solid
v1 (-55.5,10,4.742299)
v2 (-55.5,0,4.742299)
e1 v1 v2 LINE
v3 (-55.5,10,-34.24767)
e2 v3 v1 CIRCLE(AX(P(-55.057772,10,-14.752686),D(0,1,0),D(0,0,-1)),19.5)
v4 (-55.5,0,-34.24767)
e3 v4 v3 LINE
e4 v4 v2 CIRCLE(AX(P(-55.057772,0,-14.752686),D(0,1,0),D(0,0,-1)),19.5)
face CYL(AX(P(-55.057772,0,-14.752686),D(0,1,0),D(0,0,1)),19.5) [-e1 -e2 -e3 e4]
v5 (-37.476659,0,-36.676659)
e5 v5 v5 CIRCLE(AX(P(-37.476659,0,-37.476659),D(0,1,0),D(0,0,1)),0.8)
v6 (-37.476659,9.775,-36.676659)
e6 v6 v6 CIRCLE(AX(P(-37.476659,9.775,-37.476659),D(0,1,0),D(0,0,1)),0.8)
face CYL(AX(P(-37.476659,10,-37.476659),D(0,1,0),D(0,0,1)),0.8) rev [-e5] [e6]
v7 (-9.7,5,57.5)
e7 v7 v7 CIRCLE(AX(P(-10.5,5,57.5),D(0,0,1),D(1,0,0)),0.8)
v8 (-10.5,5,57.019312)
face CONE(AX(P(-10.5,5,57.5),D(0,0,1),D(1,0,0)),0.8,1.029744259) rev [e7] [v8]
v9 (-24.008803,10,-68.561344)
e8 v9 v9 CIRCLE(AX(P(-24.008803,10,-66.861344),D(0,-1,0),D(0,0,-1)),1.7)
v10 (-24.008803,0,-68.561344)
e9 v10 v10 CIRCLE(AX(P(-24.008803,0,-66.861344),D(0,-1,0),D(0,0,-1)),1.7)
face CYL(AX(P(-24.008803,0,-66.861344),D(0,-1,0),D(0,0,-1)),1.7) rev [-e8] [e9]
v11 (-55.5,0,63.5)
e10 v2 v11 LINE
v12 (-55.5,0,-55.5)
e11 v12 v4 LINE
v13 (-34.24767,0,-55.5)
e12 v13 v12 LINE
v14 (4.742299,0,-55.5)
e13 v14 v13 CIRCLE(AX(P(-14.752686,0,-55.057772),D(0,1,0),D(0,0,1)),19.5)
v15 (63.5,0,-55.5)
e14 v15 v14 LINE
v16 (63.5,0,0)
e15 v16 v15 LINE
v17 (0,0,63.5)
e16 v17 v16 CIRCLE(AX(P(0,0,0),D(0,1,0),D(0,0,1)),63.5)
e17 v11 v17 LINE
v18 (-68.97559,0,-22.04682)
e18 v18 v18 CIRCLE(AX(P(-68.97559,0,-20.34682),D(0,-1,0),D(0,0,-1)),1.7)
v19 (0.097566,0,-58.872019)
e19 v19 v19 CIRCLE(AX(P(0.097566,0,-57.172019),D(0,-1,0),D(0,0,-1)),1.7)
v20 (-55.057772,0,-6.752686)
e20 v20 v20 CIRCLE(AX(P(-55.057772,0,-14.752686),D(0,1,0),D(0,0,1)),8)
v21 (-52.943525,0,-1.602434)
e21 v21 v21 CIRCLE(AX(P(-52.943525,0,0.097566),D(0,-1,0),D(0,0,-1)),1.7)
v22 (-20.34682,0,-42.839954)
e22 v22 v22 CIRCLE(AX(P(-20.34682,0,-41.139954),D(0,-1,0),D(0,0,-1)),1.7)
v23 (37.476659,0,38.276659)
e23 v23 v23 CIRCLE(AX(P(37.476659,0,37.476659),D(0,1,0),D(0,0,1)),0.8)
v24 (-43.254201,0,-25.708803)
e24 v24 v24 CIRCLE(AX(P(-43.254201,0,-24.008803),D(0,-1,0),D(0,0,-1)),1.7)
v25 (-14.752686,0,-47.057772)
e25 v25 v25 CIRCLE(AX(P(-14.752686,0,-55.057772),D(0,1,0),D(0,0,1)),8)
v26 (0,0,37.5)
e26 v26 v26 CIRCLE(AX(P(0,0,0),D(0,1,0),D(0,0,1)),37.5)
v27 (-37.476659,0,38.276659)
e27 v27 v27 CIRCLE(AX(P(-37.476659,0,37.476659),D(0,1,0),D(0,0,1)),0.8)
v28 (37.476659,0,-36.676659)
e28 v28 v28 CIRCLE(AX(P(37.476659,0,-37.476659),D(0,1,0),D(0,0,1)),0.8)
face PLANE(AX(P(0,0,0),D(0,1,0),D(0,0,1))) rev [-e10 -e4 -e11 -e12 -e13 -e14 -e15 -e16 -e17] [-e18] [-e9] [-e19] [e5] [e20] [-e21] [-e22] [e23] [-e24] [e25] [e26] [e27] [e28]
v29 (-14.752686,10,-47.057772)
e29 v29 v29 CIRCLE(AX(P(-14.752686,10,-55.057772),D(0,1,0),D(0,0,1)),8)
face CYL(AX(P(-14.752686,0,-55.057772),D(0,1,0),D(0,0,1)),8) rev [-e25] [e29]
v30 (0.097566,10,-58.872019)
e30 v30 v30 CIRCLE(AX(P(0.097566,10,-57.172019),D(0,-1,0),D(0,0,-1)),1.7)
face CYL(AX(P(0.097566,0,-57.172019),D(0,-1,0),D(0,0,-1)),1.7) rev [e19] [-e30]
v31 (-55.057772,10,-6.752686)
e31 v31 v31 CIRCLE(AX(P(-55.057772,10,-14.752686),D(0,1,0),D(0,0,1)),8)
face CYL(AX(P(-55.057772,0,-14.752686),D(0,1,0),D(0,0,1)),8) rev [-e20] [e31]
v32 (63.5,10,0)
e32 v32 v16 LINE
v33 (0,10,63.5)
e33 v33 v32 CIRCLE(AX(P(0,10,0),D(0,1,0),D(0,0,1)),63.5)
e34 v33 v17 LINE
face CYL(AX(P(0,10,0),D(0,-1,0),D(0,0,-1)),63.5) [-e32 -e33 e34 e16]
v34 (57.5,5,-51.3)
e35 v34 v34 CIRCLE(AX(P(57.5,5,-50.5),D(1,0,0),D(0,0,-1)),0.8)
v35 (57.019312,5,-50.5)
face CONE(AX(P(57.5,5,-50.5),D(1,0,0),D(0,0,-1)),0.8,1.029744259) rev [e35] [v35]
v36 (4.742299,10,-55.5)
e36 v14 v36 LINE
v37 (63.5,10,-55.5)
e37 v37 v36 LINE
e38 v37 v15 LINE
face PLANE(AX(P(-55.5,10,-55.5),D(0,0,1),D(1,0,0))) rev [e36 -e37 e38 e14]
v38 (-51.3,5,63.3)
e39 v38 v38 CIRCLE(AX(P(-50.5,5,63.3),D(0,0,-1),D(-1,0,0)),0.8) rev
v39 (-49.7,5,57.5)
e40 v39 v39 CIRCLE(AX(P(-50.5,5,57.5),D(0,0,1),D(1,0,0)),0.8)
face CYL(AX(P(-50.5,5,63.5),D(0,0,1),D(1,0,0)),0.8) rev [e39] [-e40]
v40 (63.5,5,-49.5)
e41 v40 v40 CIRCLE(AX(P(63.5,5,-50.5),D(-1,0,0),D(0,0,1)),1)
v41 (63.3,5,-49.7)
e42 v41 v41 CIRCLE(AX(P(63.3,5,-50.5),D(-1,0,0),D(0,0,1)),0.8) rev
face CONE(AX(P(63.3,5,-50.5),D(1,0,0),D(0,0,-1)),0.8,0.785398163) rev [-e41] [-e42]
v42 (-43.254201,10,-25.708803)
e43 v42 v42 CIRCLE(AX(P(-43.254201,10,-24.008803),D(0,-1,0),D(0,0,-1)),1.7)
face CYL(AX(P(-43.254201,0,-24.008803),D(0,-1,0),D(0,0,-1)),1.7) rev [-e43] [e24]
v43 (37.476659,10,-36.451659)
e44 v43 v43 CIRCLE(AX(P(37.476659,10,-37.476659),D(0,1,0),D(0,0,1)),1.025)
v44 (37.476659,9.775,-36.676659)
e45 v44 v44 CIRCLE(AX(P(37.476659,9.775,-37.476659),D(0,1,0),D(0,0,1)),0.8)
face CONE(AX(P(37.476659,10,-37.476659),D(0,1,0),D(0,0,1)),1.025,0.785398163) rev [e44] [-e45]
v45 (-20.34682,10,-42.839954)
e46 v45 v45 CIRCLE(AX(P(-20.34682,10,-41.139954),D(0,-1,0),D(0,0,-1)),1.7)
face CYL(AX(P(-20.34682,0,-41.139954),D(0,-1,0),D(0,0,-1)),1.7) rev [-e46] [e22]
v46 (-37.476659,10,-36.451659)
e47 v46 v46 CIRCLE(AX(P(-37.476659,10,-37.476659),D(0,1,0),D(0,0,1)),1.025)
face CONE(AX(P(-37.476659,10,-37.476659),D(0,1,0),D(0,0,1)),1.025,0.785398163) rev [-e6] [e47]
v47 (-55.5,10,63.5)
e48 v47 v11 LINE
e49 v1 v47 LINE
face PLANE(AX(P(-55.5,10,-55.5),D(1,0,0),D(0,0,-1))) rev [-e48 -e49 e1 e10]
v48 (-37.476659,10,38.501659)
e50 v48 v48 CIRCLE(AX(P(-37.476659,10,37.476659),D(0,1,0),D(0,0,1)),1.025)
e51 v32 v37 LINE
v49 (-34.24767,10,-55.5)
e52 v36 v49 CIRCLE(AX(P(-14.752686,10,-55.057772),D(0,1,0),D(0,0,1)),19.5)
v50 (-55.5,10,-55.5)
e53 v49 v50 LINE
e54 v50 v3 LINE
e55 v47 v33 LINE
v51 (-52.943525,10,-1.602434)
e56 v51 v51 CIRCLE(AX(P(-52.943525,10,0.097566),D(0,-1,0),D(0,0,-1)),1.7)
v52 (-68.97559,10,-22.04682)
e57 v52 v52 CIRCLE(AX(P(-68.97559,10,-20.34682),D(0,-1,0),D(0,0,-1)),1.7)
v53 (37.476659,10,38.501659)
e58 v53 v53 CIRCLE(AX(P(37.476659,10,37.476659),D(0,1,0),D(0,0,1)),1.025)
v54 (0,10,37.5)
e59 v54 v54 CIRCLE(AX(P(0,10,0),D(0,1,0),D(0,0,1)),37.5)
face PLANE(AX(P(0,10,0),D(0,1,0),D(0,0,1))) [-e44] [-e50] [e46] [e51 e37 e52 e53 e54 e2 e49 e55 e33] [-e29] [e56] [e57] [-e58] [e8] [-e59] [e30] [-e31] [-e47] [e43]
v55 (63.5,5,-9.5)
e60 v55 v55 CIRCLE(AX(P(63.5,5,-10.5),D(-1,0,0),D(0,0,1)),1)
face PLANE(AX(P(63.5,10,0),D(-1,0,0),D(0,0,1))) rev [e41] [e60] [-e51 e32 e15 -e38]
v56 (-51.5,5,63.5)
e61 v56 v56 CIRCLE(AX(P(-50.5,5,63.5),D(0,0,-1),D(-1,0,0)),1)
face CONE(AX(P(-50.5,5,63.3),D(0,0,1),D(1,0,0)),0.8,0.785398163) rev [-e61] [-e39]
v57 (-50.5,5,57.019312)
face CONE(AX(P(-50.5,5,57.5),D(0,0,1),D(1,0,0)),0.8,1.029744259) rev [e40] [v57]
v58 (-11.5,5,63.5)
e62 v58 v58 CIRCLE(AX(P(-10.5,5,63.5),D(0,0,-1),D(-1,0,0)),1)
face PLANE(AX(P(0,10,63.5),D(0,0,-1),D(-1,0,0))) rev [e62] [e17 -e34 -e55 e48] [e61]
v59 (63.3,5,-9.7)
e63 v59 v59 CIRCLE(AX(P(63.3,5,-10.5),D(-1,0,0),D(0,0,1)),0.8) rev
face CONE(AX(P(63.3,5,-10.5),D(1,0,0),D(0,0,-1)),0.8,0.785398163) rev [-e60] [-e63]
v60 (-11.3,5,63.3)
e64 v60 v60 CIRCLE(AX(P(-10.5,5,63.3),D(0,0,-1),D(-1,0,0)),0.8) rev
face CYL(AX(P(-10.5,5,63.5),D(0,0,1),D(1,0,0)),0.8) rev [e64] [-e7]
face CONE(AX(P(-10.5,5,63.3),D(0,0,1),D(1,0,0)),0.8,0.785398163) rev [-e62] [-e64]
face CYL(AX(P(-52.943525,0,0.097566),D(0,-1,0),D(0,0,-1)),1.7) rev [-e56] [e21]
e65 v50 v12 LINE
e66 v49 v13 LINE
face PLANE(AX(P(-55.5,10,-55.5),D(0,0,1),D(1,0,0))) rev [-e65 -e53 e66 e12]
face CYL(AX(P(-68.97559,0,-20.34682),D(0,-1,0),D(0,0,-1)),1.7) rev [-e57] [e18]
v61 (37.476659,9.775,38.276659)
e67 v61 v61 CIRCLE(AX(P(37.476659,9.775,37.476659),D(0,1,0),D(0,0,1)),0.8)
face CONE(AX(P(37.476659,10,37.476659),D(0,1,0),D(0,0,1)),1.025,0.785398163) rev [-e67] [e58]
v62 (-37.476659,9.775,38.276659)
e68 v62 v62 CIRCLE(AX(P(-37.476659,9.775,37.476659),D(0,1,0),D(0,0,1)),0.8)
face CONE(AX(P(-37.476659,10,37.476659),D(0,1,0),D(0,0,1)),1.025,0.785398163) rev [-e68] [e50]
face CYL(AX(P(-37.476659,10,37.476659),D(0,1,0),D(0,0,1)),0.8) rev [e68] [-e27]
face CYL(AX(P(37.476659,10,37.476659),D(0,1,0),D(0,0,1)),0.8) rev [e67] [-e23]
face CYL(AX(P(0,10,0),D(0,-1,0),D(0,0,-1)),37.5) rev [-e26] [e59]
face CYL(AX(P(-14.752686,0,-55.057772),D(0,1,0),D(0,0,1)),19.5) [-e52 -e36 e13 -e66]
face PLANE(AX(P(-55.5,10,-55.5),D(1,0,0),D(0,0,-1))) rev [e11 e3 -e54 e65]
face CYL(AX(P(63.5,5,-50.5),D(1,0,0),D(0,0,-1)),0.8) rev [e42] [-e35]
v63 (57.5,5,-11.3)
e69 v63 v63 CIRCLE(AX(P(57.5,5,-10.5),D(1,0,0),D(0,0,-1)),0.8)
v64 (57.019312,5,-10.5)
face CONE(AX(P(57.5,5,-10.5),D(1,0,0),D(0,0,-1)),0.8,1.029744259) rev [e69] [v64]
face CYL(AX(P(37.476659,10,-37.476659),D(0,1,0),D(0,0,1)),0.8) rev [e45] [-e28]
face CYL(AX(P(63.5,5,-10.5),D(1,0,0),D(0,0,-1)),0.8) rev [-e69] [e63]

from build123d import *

# Parameters (mm, degrees)
SKETCH1_R                           = 37.5
BOSS_EXTRUDE1_DEPTH                 = 10
M2X0_4_TAPPED_HOLE2_D               = 1.6
M2X0_4_TAPPED_HOLE2_CSINK_D         = 2.05
M2X0_4_TAPPED_HOLE2_CSINK_ANGLE     = 90
M2X0_4_TAPPED_HOLE1_D               = 1.6
M2X0_4_TAPPED_HOLE1_DEPTH           = 6
M2X0_4_TAPPED_HOLE1_TIP             = 0.480688495
M2X0_4_TAPPED_HOLE1_ON_FACE_2_D     = 1.6
M2X0_4_TAPPED_HOLE1_ON_FACE_2_DEPTH = 6
M2X0_4_TAPPED_HOLE1_ON_FACE_2_TIP   = 0.480688495
CHAMFER1_SIZE                       = 0.2
SKETCH11_R                          = 19.5
BOSS_EXTRUDE2_DEPTH                 = 10
SKETCH12_R                          = 8
CUT_EXTRUDE1_DEPTH                  = 106.913751518
M3_CLEARANCE_HOLE1_D                = 3.4


with BuildPart() as part:
    # Sketch1 → Boss-Extrude1 (new body)
    with BuildSketch(Plane(origin=(0, 0, 0), x_dir=(1, 0, 0), z_dir=(0, 1, 0))):
        with BuildLine():
            Line((-55.5, 55.5), (63.5, 55.5))
            Line((63.5, 55.5), (63.5, 0))
            ThreePointArc((63.5, 0), (44.901280605, -44.901280605), (0, -63.5))
            Line((0, -63.5), (-55.5, -63.5))
            Line((-55.5, -63.5), (-55.5, 55.5))
        make_face()
        with Locations(Location((0, 0, 0), (0, 0, 270))):
            Circle(SKETCH1_R, mode=Mode.SUBTRACT)
    extrude(amount=BOSS_EXTRUDE1_DEPTH)

    # M2x0.4 Tapped Hole2 (through all)
    with Locations(Plane(origin=(0, 10, 0), x_dir=(1, 0, 0), z_dir=(0, 1, 0))):
        with Locations((37.476659403, 37.476659403), (-37.476659403, 37.476659403), (-37.476659403, -37.476659403), (37.476659403, -37.476659403)):
            CounterSinkHole(M2X0_4_TAPPED_HOLE2_D / 2, M2X0_4_TAPPED_HOLE2_CSINK_D / 2, counter_sink_angle=M2X0_4_TAPPED_HOLE2_CSINK_ANGLE)

    # M2x0.4 Tapped Hole1
    with Locations(Plane(origin=(63.5, 5, -50.5), x_dir=(0, 0, 1), z_dir=(1, 0, 0))):
        with Locations((0, 0), (40, 0)):
            Hole(M2X0_4_TAPPED_HOLE1_D / 2, depth=M2X0_4_TAPPED_HOLE1_DEPTH)
            with Locations((0, 0, -(M2X0_4_TAPPED_HOLE1_DEPTH + M2X0_4_TAPPED_HOLE1_TIP / 2))):  # 118° drill point
                Cone(0, M2X0_4_TAPPED_HOLE1_D / 2, M2X0_4_TAPPED_HOLE1_TIP, mode=Mode.SUBTRACT)

    # M2x0.4 Tapped Hole1 on face 2
    with Locations(Plane(origin=(-50.5, 5, 63.5), x_dir=(1, 0, 0), z_dir=(0, 0, 1))):
        with Locations((0, 0), (40, 0)):
            Hole(M2X0_4_TAPPED_HOLE1_ON_FACE_2_D / 2, depth=M2X0_4_TAPPED_HOLE1_ON_FACE_2_DEPTH)
            with Locations((0, 0, -(M2X0_4_TAPPED_HOLE1_ON_FACE_2_DEPTH + M2X0_4_TAPPED_HOLE1_ON_FACE_2_TIP / 2))):  # 118° drill point
                Cone(0, M2X0_4_TAPPED_HOLE1_ON_FACE_2_D / 2, M2X0_4_TAPPED_HOLE1_ON_FACE_2_TIP, mode=Mode.SUBTRACT)

    # Chamfer1
    chamfer1_edges = [part.edges().sort_by_distance(p)[0] for p in [
        (-9.7, 5, 63.5),
        (-49.7, 5, 63.5),
        (63.5, 5, -9.7),
        (63.5, 5, -49.7),
    ]]
    chamfer(chamfer1_edges, length=CHAMFER1_SIZE)

    # Sketch11 → Boss-Extrude2 (add, through all)
    with BuildSketch(Plane(origin=(0, 10, 0), x_dir=(1, 0, 0), z_dir=(0, 1, 0))):
        with Locations((-14.752685571, 55.057772098)):
            Circle(SKETCH11_R)
        with Locations((-55.057772098, 14.752685571)):
            Circle(SKETCH11_R)
    extrude(amount=-BOSS_EXTRUDE2_DEPTH)

    # Sketch12 → Cut-Extrude1 (cut, through all)
    with BuildSketch(Plane(origin=(0, 10, 0), x_dir=(1, 0, 0), z_dir=(0, 1, 0))):
        with Locations(Location((-14.752685571, 55.057772098, 0), (0, 0, 270))):
            Circle(SKETCH12_R)
        with Locations(Location((-55.057772098, 14.752685571, 0), (0, 0, 270))):
            Circle(SKETCH12_R)
    extrude(amount=-CUT_EXTRUDE1_DEPTH, mode=Mode.SUBTRACT)

    # M3 Clearance Hole1 (through all)
    with Locations(Plane(origin=(1225.129186233, 0, -788.179357161), x_dir=(0.12314040674573719, 0, 0.992389258419545), z_dir=(0, -1, 0))):
        with Locations((602.6321738, 1378.806890422), (624.895157282, 1365.414371373), (602.165403824, 1352.830321638), (587.985457399, 1327.987745968), (574.59293835, 1305.724762486), (562.008888615, 1328.454515944)):
            Hole(M3_CLEARANCE_HOLE1_D / 2)


solid = part.part
